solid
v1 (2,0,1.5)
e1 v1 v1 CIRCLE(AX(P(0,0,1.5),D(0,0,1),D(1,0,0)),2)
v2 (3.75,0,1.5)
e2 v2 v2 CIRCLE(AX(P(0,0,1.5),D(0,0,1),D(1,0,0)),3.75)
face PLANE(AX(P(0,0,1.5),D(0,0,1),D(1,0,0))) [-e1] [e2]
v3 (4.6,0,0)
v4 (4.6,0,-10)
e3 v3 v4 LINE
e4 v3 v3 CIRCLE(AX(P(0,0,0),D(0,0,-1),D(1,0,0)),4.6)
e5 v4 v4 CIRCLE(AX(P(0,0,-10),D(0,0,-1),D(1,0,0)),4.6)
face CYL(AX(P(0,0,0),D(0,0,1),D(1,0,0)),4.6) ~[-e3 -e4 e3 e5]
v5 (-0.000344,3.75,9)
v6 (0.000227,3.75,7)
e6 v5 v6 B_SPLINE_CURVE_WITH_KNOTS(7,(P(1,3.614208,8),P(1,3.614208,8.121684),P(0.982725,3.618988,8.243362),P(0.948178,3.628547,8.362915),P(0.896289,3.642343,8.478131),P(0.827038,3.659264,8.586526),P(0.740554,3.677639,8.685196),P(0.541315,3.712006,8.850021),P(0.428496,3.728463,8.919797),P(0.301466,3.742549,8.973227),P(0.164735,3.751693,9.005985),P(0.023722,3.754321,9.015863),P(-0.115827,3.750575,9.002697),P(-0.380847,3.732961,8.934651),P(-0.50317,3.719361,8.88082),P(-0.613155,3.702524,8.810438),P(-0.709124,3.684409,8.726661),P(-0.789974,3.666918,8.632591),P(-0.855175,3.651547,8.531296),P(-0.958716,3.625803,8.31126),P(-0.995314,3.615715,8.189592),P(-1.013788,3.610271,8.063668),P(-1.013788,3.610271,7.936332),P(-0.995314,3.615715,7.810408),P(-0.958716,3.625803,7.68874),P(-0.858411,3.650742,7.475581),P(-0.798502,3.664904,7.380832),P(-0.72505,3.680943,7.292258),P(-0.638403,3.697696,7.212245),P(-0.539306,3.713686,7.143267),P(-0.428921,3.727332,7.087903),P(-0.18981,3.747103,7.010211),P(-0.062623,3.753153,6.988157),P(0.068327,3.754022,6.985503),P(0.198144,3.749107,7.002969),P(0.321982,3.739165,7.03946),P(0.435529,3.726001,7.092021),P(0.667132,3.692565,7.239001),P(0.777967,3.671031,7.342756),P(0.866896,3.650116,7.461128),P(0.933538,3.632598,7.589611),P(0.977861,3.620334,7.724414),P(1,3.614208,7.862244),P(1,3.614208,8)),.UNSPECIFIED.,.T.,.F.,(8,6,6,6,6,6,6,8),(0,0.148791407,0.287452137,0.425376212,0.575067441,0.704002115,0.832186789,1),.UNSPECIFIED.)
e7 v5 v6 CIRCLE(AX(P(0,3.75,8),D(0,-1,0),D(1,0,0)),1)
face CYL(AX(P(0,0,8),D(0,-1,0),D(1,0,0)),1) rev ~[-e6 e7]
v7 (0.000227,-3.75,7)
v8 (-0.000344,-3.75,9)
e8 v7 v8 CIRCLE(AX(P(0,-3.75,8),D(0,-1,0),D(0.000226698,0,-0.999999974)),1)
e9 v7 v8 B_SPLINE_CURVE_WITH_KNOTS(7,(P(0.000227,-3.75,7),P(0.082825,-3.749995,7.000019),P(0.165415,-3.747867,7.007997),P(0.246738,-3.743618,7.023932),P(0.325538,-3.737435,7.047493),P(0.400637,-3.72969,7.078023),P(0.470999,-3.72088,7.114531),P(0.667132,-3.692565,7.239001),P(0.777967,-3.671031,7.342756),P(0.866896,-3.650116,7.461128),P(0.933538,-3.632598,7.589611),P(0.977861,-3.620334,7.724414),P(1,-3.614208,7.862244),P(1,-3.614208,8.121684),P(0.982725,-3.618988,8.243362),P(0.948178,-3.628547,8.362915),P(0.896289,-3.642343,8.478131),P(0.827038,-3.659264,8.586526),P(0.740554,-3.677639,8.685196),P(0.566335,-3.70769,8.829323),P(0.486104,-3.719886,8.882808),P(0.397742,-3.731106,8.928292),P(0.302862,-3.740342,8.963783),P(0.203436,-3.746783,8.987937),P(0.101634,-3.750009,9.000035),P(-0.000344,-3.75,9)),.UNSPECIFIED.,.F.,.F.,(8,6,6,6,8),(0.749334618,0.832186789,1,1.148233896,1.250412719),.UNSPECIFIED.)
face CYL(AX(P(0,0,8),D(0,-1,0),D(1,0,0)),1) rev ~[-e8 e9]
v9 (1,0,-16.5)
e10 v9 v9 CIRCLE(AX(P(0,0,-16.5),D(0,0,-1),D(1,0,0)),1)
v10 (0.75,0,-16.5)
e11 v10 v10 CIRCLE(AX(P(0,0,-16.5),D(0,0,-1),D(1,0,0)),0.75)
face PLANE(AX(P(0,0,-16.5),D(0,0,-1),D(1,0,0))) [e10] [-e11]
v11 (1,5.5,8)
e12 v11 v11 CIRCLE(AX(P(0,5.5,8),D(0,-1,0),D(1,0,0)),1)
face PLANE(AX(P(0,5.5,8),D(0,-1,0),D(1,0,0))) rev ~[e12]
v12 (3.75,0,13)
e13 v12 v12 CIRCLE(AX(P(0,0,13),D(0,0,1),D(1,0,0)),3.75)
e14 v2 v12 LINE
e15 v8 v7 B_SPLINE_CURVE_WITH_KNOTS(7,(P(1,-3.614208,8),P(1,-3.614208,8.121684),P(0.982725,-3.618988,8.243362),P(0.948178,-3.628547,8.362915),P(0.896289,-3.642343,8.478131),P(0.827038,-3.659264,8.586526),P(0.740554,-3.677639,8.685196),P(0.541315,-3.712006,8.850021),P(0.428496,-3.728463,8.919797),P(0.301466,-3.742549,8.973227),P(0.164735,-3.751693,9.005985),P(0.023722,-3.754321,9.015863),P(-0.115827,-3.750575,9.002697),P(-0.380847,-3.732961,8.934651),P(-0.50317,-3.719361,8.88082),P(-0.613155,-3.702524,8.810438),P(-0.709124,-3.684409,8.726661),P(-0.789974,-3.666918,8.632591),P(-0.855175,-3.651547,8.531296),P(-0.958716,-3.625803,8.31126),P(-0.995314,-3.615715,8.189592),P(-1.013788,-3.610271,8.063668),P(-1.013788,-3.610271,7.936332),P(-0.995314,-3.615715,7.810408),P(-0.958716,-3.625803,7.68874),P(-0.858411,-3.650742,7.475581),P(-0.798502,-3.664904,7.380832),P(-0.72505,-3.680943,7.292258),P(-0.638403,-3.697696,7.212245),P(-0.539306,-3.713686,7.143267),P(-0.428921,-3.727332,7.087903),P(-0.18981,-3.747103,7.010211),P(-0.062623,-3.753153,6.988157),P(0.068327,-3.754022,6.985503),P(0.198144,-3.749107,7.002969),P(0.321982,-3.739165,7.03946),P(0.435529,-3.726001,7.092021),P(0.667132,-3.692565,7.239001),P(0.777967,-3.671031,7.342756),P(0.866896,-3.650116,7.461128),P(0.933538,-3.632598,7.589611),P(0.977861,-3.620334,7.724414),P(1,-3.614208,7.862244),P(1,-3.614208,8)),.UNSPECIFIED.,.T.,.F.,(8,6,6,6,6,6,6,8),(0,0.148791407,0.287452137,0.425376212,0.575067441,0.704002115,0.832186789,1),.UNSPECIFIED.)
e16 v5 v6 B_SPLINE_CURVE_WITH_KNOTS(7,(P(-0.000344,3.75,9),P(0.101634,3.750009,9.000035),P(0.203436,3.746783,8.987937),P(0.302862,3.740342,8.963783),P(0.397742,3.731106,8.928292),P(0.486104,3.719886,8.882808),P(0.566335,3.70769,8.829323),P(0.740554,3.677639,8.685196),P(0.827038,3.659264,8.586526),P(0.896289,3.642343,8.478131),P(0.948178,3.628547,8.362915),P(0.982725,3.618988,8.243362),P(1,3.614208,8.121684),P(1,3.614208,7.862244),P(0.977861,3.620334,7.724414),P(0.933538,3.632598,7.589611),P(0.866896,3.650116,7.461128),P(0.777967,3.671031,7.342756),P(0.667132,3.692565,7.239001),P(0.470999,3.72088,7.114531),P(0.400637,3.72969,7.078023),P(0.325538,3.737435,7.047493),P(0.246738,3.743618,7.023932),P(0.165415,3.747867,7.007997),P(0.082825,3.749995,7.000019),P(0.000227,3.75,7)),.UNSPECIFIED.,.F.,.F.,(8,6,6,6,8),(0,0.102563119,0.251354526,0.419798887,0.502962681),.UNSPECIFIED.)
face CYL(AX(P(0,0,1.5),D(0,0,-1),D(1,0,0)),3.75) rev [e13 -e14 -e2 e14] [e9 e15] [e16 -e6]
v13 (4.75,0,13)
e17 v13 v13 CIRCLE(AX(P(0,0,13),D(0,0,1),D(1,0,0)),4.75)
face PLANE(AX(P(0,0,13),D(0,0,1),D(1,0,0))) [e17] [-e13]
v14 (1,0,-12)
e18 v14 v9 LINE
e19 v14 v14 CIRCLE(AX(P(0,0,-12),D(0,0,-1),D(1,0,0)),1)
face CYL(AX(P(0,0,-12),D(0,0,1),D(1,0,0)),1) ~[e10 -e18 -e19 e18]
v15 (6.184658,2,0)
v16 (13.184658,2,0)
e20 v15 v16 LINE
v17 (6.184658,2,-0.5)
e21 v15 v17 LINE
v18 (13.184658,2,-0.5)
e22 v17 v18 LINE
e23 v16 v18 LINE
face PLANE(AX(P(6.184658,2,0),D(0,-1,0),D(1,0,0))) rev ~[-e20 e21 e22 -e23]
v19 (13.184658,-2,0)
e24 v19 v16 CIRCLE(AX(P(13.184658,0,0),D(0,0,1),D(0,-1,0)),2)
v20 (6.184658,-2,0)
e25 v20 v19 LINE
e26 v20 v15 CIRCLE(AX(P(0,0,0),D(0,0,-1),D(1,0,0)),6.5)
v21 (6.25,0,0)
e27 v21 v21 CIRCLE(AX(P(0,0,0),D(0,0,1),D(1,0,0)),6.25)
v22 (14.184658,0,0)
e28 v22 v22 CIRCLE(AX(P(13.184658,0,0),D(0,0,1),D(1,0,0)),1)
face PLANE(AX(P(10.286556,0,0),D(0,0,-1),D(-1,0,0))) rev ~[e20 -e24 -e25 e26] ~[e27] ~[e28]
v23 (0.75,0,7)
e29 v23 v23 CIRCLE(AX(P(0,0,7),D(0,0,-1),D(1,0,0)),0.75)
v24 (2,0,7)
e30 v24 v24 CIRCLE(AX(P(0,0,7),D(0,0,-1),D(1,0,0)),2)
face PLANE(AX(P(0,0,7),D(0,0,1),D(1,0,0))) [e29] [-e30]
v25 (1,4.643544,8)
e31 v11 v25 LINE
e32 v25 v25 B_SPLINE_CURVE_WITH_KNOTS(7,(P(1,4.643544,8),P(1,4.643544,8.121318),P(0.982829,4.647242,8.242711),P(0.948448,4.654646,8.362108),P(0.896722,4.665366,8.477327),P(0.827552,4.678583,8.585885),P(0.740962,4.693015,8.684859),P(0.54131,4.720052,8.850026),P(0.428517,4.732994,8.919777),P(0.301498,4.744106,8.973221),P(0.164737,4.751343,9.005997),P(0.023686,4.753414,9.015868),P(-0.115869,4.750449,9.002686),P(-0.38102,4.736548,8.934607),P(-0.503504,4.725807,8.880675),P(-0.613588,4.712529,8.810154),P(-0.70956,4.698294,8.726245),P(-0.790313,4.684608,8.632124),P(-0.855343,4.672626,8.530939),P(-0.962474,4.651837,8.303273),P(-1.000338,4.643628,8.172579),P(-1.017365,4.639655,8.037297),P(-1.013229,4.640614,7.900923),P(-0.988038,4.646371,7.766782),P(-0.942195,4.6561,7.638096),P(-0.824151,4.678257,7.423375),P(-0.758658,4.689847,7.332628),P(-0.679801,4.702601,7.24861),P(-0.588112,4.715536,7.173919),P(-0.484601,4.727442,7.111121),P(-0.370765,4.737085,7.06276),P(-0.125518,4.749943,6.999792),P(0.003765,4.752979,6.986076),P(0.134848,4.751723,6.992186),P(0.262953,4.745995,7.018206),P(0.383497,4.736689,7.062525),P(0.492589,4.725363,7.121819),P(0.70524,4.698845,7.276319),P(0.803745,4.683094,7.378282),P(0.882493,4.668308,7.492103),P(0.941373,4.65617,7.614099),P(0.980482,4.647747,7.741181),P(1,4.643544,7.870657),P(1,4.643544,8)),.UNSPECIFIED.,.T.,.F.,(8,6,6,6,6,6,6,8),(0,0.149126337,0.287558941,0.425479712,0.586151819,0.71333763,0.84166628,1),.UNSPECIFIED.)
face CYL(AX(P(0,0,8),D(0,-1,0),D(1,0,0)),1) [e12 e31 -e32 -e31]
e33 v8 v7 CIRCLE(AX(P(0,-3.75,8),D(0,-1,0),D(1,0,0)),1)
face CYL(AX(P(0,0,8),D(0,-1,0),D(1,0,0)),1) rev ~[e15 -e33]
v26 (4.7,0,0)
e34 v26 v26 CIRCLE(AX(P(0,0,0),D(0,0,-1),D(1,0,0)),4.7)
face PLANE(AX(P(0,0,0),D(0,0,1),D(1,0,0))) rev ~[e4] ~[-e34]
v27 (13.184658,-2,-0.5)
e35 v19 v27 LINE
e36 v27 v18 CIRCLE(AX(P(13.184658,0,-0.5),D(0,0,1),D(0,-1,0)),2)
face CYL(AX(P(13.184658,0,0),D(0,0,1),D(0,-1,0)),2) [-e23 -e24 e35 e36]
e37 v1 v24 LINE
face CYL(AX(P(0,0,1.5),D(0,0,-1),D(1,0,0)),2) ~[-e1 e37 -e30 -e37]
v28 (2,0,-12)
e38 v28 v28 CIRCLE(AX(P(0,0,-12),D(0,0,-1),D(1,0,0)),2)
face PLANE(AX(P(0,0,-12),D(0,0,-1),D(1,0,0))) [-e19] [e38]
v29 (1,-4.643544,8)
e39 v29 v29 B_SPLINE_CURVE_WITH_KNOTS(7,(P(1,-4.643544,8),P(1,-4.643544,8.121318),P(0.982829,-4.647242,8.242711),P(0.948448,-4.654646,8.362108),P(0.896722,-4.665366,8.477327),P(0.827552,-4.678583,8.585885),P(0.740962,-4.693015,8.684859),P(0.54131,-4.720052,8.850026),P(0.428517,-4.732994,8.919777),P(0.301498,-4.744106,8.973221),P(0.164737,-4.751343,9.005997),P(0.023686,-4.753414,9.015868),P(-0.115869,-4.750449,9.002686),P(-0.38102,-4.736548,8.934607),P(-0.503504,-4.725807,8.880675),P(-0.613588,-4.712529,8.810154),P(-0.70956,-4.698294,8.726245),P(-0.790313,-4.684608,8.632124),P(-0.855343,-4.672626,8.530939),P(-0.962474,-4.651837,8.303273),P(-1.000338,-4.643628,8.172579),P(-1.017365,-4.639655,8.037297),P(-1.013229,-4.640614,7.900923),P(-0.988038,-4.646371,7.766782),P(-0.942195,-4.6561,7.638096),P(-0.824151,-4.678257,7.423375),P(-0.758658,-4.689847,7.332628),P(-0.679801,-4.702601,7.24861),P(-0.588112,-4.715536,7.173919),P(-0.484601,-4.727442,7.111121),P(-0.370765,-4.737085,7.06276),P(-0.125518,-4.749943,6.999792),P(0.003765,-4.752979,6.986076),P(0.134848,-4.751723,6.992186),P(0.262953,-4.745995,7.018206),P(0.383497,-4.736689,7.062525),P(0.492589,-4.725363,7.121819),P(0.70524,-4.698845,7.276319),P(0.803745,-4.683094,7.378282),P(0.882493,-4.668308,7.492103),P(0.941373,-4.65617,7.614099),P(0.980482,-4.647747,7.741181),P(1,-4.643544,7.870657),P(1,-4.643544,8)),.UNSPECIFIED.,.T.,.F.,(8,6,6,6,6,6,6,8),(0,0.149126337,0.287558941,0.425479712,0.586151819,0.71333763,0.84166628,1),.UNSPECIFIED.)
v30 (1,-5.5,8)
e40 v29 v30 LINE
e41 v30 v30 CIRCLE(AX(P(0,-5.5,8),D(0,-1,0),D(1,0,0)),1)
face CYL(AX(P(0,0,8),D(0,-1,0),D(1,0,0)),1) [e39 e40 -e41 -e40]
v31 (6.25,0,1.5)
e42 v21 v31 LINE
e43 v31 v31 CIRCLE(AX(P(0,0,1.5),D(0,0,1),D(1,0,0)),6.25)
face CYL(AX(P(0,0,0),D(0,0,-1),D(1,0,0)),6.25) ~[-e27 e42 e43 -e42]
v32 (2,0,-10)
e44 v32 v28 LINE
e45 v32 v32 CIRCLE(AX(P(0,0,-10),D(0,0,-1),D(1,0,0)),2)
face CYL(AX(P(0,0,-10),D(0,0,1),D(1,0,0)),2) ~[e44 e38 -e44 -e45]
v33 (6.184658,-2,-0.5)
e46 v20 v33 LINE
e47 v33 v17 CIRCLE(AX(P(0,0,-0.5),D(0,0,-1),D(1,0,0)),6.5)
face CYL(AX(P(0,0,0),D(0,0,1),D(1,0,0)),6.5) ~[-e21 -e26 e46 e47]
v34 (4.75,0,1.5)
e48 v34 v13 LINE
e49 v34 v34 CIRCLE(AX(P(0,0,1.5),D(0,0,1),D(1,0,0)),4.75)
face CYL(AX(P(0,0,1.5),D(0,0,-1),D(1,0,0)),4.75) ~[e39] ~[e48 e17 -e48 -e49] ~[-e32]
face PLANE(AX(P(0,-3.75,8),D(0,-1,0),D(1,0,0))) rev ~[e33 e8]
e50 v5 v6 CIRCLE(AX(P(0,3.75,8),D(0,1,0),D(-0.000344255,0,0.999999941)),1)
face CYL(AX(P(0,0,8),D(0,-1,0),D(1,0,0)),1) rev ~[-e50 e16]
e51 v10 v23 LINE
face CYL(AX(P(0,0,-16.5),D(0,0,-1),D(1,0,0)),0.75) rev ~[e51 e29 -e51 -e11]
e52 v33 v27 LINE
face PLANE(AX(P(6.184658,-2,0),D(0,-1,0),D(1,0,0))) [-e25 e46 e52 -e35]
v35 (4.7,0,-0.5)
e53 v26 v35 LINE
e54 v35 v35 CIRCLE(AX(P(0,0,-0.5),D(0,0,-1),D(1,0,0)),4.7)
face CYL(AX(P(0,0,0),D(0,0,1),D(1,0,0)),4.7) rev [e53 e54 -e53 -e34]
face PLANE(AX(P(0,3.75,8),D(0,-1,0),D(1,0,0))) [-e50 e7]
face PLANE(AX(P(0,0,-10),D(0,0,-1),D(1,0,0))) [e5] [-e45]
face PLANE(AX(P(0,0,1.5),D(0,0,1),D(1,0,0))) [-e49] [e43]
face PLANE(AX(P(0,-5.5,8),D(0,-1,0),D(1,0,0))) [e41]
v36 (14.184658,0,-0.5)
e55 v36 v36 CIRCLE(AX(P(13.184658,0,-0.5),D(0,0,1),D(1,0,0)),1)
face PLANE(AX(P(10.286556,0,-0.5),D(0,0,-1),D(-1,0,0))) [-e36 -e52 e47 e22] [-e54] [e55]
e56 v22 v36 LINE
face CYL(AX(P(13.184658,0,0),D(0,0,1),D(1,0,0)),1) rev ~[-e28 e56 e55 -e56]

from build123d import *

# Parameters (mm, degrees)
SKETCH_R        = 6.25
PAD_DEPTH       = 1.5
SKETCH001_R     = 4.6
PAD001_DEPTH    = 10
SKETCH002_R     = 2
PAD002_DEPTH    = 2
SKETCH003_R     = 1
PAD003_DEPTH    = 4.5
SKETCH006_R     = 4.75
SKETCH006_R_2   = 3.75
PAD004_DEPTH    = 11.5
SKETCH007_R     = 2
PAD005_DEPTH    = 5.5
SKETCH004_R     = 0.75
POCKET_DEPTH    = 29.501
SKETCH008_R     = 1
PAD006_DEPTH    = 5.5
SKETCH009_R     = 1
POCKET001_DEPTH = 3.75
SKETCH010_R     = 6.5
SKETCH010_R_2   = 4.7
PAD007_DEPTH    = 0.5
SKETCH011_R     = 1
PAD008_DEPTH    = 0.5


with BuildPart() as part:
    # Sketch → Pad (new body)
    with BuildSketch(Plane.XY):
        Circle(SKETCH_R)
    extrude(amount=PAD_DEPTH)

    # Sketch001 (on Face2 of Pad) → Pad001 (join)
    with BuildSketch(Plane(origin=(0, 0, 0), x_dir=(1, 0, 0), z_dir=(0, 0, -1))):
        Circle(SKETCH001_R)
    extrude(amount=PAD001_DEPTH)

    # Sketch002 (on Face5 of Pad001) → Pad002 (join)
    with BuildSketch(Plane(origin=(0, 0, -10), x_dir=(1, 0, 0), z_dir=(0, 0, -1))):
        Circle(SKETCH002_R)
    extrude(amount=PAD002_DEPTH)

    # Sketch003 (on Face7 of Pad002) → Pad003 (join)
    with BuildSketch(Plane(origin=(0, 0, -12), x_dir=(1, 0, 0), z_dir=(0, 0, -1))):
        Circle(SKETCH003_R)
    extrude(amount=PAD003_DEPTH)

    # Sketch006 → Pad004 (join)
    with BuildSketch(Plane.XY.offset(1.5)):
        Circle(SKETCH006_R)
        Circle(SKETCH006_R_2, mode=Mode.SUBTRACT)
    extrude(amount=PAD004_DEPTH)

    # Sketch007 (on Face11 of Pad004) → Pad005 (join)
    with BuildSketch(Plane.XY.offset(1.5)):
        Circle(SKETCH007_R)
    extrude(amount=PAD005_DEPTH)

    # Sketch004 (on Face9 of Pad003) → Pocket (cut, through all)
    with BuildSketch(Plane(origin=(0, 0, -16.5), x_dir=(1, 0, 0), z_dir=(0, 0, -1))):
        Circle(SKETCH004_R)
    extrude(amount=-POCKET_DEPTH, mode=Mode.SUBTRACT)

    # Sketch008 → Pad006 (join, symmetric)
    with BuildSketch(Plane.XZ):
        with Locations((0, 8)):
            Circle(SKETCH008_R)
    extrude(amount=PAD006_DEPTH, both=True)

    # Sketch009 → Pocket001 (cut, symmetric)
    with BuildSketch(Plane.XZ):
        with Locations((0, 8)):
            Circle(SKETCH009_R)
    extrude(amount=POCKET001_DEPTH, both=True, mode=Mode.SUBTRACT)

    # Sketch010 (on Face2 of Pocket001) → Pad007 (join)
    with BuildSketch(Plane(origin=(0, 0, 0), x_dir=(1, 0, 0), z_dir=(0, 0, -1))):
        Circle(SKETCH010_R)
        Circle(SKETCH010_R_2, mode=Mode.SUBTRACT)
    extrude(amount=PAD007_DEPTH)

    # Sketch011 → Pad008 (join)
    with BuildSketch(Plane.XY):
        with BuildLine():
            Line((6.184658, 2), (13.184658, 2))
            ThreePointArc((13.184658, -2), (15.184658, 0), (13.184658, 2))
            Line((6.184658, -2), (13.184658, -2))
            ThreePointArc((6.184658, -2), (6.5, 0), (6.184658, 2))
        make_face()
        with Locations((13.184658, 0)):
            Circle(SKETCH011_R, mode=Mode.SUBTRACT)
    extrude(amount=-PAD008_DEPTH)


solid = part.part
